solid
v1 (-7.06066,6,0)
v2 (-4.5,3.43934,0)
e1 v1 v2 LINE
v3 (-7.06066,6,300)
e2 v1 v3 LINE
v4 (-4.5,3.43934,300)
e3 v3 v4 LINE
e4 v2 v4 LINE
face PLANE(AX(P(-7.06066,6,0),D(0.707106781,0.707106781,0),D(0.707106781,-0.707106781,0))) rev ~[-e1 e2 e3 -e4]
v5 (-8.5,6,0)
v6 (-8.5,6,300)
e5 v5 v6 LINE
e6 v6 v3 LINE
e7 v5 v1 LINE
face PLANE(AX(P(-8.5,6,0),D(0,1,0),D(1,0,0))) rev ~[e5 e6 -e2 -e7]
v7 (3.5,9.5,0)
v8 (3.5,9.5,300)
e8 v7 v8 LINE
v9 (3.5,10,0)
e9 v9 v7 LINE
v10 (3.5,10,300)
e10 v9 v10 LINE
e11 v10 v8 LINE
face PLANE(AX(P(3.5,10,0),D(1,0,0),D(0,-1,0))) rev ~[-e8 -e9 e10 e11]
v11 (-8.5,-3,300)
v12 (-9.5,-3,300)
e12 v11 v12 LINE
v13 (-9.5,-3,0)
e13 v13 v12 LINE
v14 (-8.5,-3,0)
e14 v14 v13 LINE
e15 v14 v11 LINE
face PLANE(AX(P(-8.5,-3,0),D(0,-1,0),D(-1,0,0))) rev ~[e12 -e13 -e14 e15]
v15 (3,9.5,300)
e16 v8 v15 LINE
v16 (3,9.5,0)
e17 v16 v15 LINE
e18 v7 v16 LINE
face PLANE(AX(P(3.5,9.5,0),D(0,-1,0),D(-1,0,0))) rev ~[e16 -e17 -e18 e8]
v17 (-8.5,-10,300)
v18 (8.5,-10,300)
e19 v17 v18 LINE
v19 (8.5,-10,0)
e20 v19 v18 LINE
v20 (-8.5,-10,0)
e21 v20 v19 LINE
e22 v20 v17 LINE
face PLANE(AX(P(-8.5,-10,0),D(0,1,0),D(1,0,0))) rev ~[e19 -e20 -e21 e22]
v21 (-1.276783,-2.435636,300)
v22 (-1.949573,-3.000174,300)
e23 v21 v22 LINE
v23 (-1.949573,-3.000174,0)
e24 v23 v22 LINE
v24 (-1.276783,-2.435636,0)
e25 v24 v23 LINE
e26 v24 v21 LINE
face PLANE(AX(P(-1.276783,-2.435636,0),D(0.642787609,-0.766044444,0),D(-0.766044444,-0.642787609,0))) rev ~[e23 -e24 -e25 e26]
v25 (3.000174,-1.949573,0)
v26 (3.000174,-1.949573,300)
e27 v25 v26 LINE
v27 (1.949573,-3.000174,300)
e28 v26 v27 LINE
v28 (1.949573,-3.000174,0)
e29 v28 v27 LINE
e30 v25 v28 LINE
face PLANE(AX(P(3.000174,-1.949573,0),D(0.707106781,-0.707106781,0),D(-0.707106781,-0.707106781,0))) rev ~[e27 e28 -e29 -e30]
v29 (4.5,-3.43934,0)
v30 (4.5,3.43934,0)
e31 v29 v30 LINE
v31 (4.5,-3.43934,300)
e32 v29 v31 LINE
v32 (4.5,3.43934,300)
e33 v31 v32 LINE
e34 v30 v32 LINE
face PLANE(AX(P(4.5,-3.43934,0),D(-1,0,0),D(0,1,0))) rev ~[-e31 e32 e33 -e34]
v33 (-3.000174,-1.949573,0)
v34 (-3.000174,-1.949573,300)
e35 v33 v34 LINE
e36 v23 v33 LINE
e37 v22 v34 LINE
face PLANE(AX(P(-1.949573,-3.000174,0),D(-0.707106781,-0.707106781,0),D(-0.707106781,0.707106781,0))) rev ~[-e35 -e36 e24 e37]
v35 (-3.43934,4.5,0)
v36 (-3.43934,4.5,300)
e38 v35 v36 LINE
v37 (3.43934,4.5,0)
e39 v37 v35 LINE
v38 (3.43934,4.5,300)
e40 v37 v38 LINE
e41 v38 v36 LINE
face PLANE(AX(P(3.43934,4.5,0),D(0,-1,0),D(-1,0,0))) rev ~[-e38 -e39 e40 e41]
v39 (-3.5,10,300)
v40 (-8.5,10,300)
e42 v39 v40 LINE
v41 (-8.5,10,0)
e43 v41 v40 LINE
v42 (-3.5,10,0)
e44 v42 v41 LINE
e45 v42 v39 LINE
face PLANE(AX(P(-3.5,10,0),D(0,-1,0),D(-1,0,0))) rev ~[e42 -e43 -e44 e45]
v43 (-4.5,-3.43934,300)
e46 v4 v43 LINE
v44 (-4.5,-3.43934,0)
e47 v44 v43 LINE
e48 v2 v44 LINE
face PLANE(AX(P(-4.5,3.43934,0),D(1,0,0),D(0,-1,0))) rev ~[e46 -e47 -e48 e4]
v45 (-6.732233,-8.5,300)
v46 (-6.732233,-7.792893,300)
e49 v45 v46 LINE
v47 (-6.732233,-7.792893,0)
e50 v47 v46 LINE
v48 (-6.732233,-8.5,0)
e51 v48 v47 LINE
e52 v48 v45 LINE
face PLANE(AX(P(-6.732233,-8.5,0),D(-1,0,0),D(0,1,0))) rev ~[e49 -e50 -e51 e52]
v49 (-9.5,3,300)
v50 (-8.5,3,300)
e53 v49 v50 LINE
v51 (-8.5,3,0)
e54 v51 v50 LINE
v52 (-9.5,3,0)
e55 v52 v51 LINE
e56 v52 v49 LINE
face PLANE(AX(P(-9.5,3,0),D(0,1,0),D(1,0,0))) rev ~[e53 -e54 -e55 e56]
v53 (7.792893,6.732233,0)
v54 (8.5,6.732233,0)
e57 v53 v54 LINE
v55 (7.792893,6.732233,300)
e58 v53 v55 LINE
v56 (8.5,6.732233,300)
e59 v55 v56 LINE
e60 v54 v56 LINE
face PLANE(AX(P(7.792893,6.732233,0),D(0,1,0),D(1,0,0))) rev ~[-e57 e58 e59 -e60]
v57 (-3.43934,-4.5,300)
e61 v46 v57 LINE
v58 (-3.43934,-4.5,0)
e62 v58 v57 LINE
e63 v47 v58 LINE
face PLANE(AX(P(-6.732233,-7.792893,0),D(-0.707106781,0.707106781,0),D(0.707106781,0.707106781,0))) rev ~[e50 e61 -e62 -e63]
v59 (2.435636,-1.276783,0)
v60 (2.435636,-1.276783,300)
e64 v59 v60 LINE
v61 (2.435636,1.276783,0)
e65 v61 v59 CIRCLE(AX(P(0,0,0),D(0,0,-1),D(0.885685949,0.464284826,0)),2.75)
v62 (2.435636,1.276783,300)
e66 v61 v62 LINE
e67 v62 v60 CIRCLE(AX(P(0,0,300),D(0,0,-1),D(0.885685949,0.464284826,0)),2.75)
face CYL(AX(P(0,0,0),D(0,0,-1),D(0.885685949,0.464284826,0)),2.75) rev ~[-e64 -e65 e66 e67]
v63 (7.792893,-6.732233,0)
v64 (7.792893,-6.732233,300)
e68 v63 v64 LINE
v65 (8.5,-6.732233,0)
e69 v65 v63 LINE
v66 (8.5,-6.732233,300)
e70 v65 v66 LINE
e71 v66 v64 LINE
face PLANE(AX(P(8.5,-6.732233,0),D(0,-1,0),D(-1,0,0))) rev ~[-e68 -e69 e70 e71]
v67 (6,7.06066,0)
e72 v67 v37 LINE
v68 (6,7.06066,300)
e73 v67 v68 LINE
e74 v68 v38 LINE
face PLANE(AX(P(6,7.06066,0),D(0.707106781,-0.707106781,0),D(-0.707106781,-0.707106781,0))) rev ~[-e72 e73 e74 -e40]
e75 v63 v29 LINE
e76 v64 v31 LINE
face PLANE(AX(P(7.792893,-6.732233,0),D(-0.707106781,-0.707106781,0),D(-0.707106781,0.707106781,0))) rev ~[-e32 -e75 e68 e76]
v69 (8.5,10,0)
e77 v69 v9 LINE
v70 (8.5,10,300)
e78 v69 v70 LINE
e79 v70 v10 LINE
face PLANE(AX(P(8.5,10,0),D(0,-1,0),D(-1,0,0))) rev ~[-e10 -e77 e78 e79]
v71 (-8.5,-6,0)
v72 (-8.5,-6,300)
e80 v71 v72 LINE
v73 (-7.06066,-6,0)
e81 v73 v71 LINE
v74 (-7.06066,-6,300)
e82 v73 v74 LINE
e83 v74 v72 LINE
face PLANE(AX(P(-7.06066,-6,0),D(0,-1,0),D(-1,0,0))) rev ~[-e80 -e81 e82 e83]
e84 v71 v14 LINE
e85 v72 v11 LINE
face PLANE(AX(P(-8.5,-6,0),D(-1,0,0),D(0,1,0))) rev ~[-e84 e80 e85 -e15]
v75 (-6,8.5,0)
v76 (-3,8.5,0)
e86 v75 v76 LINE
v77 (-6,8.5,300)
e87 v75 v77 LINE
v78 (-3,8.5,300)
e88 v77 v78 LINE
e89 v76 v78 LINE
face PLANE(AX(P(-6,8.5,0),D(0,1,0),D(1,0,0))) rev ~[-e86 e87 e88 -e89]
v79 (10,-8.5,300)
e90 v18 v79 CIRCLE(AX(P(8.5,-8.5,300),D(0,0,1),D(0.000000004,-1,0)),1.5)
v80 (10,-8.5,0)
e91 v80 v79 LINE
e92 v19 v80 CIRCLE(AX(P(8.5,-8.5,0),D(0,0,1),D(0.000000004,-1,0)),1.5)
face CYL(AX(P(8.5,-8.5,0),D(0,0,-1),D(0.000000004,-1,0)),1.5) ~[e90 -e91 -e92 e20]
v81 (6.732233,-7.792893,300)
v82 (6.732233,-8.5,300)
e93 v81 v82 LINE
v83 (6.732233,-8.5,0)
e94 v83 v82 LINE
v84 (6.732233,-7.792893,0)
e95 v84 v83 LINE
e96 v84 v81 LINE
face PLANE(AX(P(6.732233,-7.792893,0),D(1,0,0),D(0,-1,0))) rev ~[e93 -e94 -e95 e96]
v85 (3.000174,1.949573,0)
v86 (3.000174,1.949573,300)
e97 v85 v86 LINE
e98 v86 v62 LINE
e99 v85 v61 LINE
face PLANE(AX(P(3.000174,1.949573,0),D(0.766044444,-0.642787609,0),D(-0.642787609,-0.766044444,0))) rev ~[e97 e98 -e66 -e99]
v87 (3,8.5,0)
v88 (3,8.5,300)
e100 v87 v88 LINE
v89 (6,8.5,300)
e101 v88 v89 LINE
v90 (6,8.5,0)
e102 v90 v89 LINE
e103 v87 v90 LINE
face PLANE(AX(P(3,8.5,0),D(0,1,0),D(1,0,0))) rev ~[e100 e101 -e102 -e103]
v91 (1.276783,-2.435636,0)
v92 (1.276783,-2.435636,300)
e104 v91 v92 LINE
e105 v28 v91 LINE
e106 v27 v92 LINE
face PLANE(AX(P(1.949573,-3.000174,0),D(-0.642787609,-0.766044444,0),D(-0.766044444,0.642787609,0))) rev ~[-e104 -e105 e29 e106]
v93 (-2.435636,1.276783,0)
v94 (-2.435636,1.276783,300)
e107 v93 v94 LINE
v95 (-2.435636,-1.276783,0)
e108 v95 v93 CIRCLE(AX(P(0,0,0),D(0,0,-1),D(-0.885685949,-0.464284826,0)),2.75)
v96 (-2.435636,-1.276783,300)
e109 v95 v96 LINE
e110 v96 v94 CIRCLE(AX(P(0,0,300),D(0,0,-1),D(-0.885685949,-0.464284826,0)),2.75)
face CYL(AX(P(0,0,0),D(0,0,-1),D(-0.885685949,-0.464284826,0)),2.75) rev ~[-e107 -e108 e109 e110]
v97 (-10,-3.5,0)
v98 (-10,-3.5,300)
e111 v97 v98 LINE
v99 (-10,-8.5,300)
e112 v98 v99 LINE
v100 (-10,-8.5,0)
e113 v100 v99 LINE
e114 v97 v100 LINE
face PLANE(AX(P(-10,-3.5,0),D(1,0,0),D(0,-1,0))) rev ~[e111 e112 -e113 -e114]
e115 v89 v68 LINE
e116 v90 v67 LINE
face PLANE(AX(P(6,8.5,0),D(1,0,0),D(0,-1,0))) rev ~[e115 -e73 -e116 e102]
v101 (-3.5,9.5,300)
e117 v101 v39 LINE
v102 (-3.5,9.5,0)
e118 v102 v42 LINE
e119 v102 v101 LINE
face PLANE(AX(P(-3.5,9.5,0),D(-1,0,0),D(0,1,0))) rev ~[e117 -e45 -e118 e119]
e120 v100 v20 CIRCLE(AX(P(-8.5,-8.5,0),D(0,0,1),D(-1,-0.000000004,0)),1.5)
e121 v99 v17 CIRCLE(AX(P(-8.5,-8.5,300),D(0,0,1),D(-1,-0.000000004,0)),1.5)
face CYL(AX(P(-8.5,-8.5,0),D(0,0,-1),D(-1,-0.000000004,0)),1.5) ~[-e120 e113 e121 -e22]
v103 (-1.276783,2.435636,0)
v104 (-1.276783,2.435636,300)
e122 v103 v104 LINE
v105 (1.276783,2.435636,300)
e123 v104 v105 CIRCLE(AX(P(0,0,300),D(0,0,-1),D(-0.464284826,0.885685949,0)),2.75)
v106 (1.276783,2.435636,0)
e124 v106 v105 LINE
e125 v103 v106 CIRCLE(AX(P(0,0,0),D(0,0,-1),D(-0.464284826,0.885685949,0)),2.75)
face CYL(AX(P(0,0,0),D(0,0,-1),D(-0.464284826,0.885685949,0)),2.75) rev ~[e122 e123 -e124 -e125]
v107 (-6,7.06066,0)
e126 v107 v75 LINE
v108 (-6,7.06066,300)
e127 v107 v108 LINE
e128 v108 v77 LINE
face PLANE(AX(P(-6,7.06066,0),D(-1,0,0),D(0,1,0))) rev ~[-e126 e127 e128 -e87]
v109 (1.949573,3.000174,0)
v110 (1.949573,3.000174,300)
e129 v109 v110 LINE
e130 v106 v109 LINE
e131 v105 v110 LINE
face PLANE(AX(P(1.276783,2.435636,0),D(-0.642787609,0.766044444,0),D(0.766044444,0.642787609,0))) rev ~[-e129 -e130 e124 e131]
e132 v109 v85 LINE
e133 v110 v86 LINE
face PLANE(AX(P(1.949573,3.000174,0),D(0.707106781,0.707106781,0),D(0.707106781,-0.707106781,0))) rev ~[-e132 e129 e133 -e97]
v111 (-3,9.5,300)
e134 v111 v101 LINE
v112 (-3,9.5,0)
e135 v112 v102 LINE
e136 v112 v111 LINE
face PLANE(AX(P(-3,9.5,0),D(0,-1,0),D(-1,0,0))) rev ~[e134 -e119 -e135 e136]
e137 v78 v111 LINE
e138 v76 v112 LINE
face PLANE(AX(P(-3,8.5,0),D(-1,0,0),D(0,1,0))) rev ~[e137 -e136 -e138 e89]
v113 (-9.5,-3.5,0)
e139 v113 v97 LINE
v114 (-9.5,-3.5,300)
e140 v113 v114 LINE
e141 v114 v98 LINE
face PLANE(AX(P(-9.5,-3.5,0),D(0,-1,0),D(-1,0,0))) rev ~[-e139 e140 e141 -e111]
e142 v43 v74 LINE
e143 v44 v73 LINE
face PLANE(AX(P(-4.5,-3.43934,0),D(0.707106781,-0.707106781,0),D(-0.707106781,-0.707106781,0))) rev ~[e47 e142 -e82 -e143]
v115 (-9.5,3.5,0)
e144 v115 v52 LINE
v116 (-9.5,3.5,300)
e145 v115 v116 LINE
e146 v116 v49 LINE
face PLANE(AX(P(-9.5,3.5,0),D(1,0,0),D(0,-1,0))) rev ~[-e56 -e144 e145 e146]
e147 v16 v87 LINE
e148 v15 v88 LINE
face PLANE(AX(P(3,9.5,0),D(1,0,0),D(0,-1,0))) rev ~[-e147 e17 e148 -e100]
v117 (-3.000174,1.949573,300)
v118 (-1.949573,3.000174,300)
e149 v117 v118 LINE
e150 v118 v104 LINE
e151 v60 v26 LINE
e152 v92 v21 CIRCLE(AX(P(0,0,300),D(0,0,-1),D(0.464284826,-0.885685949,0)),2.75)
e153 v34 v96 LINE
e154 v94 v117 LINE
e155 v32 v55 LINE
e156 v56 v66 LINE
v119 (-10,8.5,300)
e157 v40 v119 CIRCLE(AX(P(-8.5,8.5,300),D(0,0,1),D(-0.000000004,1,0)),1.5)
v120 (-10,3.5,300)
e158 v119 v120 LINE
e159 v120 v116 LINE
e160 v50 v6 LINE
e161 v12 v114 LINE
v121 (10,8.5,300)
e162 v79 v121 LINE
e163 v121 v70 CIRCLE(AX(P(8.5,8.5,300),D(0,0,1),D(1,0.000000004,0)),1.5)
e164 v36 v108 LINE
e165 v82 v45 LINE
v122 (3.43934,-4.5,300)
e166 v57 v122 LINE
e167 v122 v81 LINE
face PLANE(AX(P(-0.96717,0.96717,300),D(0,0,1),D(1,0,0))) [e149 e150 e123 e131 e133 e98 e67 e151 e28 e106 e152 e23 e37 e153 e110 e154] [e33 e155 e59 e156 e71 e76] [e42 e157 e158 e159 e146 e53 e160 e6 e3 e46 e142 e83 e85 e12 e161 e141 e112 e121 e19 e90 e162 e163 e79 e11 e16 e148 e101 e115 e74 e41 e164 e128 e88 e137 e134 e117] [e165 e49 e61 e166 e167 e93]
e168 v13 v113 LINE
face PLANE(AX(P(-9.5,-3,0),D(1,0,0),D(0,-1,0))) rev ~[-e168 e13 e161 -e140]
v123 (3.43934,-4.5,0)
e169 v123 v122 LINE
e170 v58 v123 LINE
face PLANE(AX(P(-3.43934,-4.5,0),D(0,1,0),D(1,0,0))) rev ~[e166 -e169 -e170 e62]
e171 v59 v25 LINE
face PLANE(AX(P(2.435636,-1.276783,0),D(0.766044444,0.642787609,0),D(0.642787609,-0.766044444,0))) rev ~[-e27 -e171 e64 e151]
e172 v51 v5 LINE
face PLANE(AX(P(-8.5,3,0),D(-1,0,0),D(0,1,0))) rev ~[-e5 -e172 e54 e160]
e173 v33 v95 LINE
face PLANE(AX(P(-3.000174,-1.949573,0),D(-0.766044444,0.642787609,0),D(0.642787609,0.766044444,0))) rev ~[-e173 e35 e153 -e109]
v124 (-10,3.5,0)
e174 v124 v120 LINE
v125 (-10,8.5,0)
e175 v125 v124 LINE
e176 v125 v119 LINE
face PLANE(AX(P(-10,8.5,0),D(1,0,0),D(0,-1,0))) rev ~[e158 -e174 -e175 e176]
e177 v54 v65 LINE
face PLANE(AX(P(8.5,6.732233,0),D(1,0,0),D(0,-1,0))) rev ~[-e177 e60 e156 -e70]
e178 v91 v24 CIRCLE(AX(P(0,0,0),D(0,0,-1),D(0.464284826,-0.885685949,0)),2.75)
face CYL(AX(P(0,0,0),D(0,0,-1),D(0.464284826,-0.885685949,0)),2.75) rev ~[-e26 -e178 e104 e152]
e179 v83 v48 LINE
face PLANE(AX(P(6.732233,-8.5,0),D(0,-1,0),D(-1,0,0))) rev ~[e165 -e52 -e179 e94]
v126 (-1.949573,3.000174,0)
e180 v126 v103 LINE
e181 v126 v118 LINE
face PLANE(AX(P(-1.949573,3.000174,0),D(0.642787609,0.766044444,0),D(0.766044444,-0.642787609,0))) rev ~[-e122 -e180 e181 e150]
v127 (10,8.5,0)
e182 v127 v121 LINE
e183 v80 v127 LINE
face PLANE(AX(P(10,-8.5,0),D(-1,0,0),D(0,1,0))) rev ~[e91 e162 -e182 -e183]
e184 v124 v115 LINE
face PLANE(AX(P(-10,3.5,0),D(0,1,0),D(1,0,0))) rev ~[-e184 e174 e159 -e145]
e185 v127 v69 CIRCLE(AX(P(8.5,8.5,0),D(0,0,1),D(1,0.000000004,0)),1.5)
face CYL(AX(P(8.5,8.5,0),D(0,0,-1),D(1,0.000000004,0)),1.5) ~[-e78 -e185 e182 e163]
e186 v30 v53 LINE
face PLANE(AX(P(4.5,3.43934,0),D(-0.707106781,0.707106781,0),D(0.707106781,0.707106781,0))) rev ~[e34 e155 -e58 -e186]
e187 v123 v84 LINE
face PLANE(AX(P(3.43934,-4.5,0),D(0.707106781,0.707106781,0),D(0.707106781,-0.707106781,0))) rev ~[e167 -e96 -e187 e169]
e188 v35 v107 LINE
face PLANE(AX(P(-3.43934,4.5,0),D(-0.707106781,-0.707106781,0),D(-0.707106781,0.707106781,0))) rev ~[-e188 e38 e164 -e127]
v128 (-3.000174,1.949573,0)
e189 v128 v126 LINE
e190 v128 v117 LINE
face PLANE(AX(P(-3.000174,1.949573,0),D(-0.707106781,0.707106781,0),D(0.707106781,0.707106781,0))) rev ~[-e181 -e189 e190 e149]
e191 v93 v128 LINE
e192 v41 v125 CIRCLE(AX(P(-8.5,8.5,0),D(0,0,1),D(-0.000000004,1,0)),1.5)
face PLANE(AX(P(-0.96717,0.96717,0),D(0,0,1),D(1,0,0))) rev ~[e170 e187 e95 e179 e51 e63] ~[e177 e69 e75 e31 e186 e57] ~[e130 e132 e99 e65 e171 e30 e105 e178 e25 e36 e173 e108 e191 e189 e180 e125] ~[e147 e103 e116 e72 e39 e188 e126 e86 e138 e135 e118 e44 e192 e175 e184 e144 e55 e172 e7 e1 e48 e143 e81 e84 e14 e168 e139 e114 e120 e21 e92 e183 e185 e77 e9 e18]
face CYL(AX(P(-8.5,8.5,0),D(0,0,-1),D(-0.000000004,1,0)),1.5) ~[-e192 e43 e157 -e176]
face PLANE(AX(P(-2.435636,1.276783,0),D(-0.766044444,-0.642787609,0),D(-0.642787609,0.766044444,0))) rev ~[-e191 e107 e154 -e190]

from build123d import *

# Parameters (mm, degrees)
BOSS_EXTRUDE1_DEPTH = 1000
CUT_EXTRUDE1_DEPTH  = 700


with BuildPart() as part:
    # Sketch1 → Boss-Extrude1 (new body)
    with BuildSketch(Plane.XY):
        with BuildLine():
            Line((6, 7.06066017), (3.43933983, 4.5))
            Line((3.43933983, 4.5), (-3.43933983, 4.5))
            Line((-3.43933983, 4.5), (-6, 7.06066017))
            Line((-6, 7.06066017), (-6, 8.5))
            Line((-6, 8.5), (-3, 8.5))
            Line((-3, 8.5), (-3, 9.5))
            Line((-3, 9.5), (-3.5, 9.5))
            Line((-3.5, 9.5), (-3.5, 10))
            Line((-3.5, 10), (-8.5, 10))
            ThreePointArc((-8.5, 10), (-9.56066017, 9.56066017), (-10, 8.5))
            Line((-10, 8.5), (-10, 3.5))
            Line((-10, 3.5), (-9.5, 3.5))
            Line((-9.5, 3.5), (-9.5, 3))
            Line((-9.5, 3), (-8.5, 3))
            Line((-8.5, 3), (-8.5, 6))
            Line((-8.5, 6), (-7.06066017, 6))
            Line((-7.06066017, 6), (-4.5, 3.43933983))
            Line((-4.5, 3.43933983), (-4.5, -3.43933983))
            Line((-4.5, -3.43933983), (-7.06066017, -6))
            Line((-7.06066017, -6), (-8.5, -6))
            Line((-8.5, -6), (-8.5, -3))
            Line((-8.5, -3), (-9.5, -3))
            Line((-9.5, -3), (-9.5, -3.5))
            Line((-9.5, -3.5), (-10, -3.5))
            Line((-10, -3.5), (-10, -8.5))
            ThreePointArc((-10, -8.5), (-9.56066017, -9.56066017), (-8.5, -10))
            Line((-8.5, -10), (8.5, -10))
            ThreePointArc((8.5, -10), (9.56066017, -9.56066017), (10, -8.5))
            Line((10, -8.5), (10, 8.5))
            ThreePointArc((10, 8.5), (9.56066017, 9.56066017), (8.5, 10))
            Line((8.5, 10), (3.5, 10))
            Line((3.5, 10), (3.5, 9.5))
            Line((3.5, 9.5), (3, 9.5))
            Line((3, 9.5), (3, 8.5))
            Line((3, 8.5), (6, 8.5))
            Line((6, 8.5), (6, 7.06066017))
        make_face()
        Polygon((4.5, -3.43933983), (4.5, 3.43933983), (7.79289322, 6.73223305), (8.5, 6.73223305), (8.5, -6.73223305), (7.79289322, -6.73223305), align=None, mode=Mode.SUBTRACT)
        with BuildLine():
            Line((-2.43563636, 1.27678327), (-3.0001742, 1.94957327))
            Line((-3.0001742, 1.94957327), (-1.94957327, 3.0001742))
            Line((-1.94957327, 3.0001742), (-1.27678327, 2.43563636))
            ThreePointArc((-1.27678327, 2.43563636), (0, 2.75), (1.27678327, 2.43563636))
            Line((1.27678327, 2.43563636), (1.94957327, 3.0001742))
            Line((1.94957327, 3.0001742), (3.0001742, 1.94957327))
            Line((3.0001742, 1.94957327), (2.43563636, 1.27678327))
            ThreePointArc((2.43563636, 1.27678327), (2.75, 0), (2.43563636, -1.27678327))
            Line((2.43563636, -1.27678327), (3.0001742, -1.94957327))
            Line((3.0001742, -1.94957327), (1.94957327, -3.0001742))
            Line((1.94957327, -3.0001742), (1.27678327, -2.43563636))
            ThreePointArc((1.27678327, -2.43563636), (0, -2.75), (-1.27678327, -2.43563636))
            Line((-1.27678327, -2.43563636), (-1.94957327, -3.0001742))
            Line((-1.94957327, -3.0001742), (-3.0001742, -1.94957327))
            Line((-3.0001742, -1.94957327), (-2.43563636, -1.27678327))
            ThreePointArc((-2.43563636, -1.27678327), (-2.75, 0), (-2.43563636, 1.27678327))
        make_face(mode=Mode.SUBTRACT)
        Polygon((3.43933983, -4.5), (6.73223305, -7.79289322), (6.73223305, -8.5), (-6.73223305, -8.5), (-6.73223305, -7.79289322), (-3.43933983, -4.5), align=None, mode=Mode.SUBTRACT)
    extrude(amount=BOSS_EXTRUDE1_DEPTH)

    # Sketch3 → Cut-Extrude1 (cut)
    with BuildSketch(Plane.XY.offset(1000)):
        with BuildLine():
            Line((6, 8.5), (6, 7.06066017))
            Line((6, 7.06066017), (3.43933983, 4.5))
            Line((3.43933983, 4.5), (-3.43933983, 4.5))
            Line((-3.43933983, 4.5), (-6, 7.06066017))
            Line((-6, 7.06066017), (-6, 8.5))
            Line((-6, 8.5), (-3, 8.5))
            Line((-3, 8.5), (-3, 9.5))
            Line((-3, 9.5), (-3.5, 9.5))
            Line((-3.5, 9.5), (-3.5, 10))
            Line((-3.5, 10), (-8.5, 10))
            ThreePointArc((-8.5, 10), (-9.56066017, 9.56066017), (-10, 8.5))
            Line((-10, 8.5), (-10, 3.5))
            Line((-10, 3.5), (-9.5, 3.5))
            Line((-9.5, 3.5), (-9.5, 3))
            Line((-9.5, 3), (-8.5, 3))
            Line((-8.5, 3), (-8.5, 6))
            Line((-8.5, 6), (-7.06066017, 6))
            Line((-7.06066017, 6), (-4.5, 3.43933983))
            Line((-4.5, 3.43933983), (-4.5, -3.43933983))
            Line((-4.5, -3.43933983), (-7.06066017, -6))
            Line((-7.06066017, -6), (-8.5, -6))
            Line((-8.5, -6), (-8.5, -3))
            Line((-8.5, -3), (-9.5, -3))
            Line((-9.5, -3), (-9.5, -3.5))
            Line((-9.5, -3.5), (-10, -3.5))
            Line((-10, -3.5), (-10, -8.5))
            ThreePointArc((-10, -8.5), (-9.56066017, -9.56066017), (-8.5, -10))
            Line((-8.5, -10), (8.5, -10))
            ThreePointArc((8.5, -10), (9.56066017, -9.56066017), (10, -8.5))
            Line((10, -8.5), (10, 8.5))
            ThreePointArc((10, 8.5), (9.56066017, 9.56066017), (8.5, 10))
            Line((8.5, 10), (3.5, 10))
            Line((3.5, 10), (3.5, 9.5))
            Line((3.5, 9.5), (3, 9.5))
            Line((3, 9.5), (3, 8.5))
            Line((3, 8.5), (6, 8.5))
        make_face()
    extrude(amount=-CUT_EXTRUDE1_DEPTH, mode=Mode.SUBTRACT)


solid = part.part
